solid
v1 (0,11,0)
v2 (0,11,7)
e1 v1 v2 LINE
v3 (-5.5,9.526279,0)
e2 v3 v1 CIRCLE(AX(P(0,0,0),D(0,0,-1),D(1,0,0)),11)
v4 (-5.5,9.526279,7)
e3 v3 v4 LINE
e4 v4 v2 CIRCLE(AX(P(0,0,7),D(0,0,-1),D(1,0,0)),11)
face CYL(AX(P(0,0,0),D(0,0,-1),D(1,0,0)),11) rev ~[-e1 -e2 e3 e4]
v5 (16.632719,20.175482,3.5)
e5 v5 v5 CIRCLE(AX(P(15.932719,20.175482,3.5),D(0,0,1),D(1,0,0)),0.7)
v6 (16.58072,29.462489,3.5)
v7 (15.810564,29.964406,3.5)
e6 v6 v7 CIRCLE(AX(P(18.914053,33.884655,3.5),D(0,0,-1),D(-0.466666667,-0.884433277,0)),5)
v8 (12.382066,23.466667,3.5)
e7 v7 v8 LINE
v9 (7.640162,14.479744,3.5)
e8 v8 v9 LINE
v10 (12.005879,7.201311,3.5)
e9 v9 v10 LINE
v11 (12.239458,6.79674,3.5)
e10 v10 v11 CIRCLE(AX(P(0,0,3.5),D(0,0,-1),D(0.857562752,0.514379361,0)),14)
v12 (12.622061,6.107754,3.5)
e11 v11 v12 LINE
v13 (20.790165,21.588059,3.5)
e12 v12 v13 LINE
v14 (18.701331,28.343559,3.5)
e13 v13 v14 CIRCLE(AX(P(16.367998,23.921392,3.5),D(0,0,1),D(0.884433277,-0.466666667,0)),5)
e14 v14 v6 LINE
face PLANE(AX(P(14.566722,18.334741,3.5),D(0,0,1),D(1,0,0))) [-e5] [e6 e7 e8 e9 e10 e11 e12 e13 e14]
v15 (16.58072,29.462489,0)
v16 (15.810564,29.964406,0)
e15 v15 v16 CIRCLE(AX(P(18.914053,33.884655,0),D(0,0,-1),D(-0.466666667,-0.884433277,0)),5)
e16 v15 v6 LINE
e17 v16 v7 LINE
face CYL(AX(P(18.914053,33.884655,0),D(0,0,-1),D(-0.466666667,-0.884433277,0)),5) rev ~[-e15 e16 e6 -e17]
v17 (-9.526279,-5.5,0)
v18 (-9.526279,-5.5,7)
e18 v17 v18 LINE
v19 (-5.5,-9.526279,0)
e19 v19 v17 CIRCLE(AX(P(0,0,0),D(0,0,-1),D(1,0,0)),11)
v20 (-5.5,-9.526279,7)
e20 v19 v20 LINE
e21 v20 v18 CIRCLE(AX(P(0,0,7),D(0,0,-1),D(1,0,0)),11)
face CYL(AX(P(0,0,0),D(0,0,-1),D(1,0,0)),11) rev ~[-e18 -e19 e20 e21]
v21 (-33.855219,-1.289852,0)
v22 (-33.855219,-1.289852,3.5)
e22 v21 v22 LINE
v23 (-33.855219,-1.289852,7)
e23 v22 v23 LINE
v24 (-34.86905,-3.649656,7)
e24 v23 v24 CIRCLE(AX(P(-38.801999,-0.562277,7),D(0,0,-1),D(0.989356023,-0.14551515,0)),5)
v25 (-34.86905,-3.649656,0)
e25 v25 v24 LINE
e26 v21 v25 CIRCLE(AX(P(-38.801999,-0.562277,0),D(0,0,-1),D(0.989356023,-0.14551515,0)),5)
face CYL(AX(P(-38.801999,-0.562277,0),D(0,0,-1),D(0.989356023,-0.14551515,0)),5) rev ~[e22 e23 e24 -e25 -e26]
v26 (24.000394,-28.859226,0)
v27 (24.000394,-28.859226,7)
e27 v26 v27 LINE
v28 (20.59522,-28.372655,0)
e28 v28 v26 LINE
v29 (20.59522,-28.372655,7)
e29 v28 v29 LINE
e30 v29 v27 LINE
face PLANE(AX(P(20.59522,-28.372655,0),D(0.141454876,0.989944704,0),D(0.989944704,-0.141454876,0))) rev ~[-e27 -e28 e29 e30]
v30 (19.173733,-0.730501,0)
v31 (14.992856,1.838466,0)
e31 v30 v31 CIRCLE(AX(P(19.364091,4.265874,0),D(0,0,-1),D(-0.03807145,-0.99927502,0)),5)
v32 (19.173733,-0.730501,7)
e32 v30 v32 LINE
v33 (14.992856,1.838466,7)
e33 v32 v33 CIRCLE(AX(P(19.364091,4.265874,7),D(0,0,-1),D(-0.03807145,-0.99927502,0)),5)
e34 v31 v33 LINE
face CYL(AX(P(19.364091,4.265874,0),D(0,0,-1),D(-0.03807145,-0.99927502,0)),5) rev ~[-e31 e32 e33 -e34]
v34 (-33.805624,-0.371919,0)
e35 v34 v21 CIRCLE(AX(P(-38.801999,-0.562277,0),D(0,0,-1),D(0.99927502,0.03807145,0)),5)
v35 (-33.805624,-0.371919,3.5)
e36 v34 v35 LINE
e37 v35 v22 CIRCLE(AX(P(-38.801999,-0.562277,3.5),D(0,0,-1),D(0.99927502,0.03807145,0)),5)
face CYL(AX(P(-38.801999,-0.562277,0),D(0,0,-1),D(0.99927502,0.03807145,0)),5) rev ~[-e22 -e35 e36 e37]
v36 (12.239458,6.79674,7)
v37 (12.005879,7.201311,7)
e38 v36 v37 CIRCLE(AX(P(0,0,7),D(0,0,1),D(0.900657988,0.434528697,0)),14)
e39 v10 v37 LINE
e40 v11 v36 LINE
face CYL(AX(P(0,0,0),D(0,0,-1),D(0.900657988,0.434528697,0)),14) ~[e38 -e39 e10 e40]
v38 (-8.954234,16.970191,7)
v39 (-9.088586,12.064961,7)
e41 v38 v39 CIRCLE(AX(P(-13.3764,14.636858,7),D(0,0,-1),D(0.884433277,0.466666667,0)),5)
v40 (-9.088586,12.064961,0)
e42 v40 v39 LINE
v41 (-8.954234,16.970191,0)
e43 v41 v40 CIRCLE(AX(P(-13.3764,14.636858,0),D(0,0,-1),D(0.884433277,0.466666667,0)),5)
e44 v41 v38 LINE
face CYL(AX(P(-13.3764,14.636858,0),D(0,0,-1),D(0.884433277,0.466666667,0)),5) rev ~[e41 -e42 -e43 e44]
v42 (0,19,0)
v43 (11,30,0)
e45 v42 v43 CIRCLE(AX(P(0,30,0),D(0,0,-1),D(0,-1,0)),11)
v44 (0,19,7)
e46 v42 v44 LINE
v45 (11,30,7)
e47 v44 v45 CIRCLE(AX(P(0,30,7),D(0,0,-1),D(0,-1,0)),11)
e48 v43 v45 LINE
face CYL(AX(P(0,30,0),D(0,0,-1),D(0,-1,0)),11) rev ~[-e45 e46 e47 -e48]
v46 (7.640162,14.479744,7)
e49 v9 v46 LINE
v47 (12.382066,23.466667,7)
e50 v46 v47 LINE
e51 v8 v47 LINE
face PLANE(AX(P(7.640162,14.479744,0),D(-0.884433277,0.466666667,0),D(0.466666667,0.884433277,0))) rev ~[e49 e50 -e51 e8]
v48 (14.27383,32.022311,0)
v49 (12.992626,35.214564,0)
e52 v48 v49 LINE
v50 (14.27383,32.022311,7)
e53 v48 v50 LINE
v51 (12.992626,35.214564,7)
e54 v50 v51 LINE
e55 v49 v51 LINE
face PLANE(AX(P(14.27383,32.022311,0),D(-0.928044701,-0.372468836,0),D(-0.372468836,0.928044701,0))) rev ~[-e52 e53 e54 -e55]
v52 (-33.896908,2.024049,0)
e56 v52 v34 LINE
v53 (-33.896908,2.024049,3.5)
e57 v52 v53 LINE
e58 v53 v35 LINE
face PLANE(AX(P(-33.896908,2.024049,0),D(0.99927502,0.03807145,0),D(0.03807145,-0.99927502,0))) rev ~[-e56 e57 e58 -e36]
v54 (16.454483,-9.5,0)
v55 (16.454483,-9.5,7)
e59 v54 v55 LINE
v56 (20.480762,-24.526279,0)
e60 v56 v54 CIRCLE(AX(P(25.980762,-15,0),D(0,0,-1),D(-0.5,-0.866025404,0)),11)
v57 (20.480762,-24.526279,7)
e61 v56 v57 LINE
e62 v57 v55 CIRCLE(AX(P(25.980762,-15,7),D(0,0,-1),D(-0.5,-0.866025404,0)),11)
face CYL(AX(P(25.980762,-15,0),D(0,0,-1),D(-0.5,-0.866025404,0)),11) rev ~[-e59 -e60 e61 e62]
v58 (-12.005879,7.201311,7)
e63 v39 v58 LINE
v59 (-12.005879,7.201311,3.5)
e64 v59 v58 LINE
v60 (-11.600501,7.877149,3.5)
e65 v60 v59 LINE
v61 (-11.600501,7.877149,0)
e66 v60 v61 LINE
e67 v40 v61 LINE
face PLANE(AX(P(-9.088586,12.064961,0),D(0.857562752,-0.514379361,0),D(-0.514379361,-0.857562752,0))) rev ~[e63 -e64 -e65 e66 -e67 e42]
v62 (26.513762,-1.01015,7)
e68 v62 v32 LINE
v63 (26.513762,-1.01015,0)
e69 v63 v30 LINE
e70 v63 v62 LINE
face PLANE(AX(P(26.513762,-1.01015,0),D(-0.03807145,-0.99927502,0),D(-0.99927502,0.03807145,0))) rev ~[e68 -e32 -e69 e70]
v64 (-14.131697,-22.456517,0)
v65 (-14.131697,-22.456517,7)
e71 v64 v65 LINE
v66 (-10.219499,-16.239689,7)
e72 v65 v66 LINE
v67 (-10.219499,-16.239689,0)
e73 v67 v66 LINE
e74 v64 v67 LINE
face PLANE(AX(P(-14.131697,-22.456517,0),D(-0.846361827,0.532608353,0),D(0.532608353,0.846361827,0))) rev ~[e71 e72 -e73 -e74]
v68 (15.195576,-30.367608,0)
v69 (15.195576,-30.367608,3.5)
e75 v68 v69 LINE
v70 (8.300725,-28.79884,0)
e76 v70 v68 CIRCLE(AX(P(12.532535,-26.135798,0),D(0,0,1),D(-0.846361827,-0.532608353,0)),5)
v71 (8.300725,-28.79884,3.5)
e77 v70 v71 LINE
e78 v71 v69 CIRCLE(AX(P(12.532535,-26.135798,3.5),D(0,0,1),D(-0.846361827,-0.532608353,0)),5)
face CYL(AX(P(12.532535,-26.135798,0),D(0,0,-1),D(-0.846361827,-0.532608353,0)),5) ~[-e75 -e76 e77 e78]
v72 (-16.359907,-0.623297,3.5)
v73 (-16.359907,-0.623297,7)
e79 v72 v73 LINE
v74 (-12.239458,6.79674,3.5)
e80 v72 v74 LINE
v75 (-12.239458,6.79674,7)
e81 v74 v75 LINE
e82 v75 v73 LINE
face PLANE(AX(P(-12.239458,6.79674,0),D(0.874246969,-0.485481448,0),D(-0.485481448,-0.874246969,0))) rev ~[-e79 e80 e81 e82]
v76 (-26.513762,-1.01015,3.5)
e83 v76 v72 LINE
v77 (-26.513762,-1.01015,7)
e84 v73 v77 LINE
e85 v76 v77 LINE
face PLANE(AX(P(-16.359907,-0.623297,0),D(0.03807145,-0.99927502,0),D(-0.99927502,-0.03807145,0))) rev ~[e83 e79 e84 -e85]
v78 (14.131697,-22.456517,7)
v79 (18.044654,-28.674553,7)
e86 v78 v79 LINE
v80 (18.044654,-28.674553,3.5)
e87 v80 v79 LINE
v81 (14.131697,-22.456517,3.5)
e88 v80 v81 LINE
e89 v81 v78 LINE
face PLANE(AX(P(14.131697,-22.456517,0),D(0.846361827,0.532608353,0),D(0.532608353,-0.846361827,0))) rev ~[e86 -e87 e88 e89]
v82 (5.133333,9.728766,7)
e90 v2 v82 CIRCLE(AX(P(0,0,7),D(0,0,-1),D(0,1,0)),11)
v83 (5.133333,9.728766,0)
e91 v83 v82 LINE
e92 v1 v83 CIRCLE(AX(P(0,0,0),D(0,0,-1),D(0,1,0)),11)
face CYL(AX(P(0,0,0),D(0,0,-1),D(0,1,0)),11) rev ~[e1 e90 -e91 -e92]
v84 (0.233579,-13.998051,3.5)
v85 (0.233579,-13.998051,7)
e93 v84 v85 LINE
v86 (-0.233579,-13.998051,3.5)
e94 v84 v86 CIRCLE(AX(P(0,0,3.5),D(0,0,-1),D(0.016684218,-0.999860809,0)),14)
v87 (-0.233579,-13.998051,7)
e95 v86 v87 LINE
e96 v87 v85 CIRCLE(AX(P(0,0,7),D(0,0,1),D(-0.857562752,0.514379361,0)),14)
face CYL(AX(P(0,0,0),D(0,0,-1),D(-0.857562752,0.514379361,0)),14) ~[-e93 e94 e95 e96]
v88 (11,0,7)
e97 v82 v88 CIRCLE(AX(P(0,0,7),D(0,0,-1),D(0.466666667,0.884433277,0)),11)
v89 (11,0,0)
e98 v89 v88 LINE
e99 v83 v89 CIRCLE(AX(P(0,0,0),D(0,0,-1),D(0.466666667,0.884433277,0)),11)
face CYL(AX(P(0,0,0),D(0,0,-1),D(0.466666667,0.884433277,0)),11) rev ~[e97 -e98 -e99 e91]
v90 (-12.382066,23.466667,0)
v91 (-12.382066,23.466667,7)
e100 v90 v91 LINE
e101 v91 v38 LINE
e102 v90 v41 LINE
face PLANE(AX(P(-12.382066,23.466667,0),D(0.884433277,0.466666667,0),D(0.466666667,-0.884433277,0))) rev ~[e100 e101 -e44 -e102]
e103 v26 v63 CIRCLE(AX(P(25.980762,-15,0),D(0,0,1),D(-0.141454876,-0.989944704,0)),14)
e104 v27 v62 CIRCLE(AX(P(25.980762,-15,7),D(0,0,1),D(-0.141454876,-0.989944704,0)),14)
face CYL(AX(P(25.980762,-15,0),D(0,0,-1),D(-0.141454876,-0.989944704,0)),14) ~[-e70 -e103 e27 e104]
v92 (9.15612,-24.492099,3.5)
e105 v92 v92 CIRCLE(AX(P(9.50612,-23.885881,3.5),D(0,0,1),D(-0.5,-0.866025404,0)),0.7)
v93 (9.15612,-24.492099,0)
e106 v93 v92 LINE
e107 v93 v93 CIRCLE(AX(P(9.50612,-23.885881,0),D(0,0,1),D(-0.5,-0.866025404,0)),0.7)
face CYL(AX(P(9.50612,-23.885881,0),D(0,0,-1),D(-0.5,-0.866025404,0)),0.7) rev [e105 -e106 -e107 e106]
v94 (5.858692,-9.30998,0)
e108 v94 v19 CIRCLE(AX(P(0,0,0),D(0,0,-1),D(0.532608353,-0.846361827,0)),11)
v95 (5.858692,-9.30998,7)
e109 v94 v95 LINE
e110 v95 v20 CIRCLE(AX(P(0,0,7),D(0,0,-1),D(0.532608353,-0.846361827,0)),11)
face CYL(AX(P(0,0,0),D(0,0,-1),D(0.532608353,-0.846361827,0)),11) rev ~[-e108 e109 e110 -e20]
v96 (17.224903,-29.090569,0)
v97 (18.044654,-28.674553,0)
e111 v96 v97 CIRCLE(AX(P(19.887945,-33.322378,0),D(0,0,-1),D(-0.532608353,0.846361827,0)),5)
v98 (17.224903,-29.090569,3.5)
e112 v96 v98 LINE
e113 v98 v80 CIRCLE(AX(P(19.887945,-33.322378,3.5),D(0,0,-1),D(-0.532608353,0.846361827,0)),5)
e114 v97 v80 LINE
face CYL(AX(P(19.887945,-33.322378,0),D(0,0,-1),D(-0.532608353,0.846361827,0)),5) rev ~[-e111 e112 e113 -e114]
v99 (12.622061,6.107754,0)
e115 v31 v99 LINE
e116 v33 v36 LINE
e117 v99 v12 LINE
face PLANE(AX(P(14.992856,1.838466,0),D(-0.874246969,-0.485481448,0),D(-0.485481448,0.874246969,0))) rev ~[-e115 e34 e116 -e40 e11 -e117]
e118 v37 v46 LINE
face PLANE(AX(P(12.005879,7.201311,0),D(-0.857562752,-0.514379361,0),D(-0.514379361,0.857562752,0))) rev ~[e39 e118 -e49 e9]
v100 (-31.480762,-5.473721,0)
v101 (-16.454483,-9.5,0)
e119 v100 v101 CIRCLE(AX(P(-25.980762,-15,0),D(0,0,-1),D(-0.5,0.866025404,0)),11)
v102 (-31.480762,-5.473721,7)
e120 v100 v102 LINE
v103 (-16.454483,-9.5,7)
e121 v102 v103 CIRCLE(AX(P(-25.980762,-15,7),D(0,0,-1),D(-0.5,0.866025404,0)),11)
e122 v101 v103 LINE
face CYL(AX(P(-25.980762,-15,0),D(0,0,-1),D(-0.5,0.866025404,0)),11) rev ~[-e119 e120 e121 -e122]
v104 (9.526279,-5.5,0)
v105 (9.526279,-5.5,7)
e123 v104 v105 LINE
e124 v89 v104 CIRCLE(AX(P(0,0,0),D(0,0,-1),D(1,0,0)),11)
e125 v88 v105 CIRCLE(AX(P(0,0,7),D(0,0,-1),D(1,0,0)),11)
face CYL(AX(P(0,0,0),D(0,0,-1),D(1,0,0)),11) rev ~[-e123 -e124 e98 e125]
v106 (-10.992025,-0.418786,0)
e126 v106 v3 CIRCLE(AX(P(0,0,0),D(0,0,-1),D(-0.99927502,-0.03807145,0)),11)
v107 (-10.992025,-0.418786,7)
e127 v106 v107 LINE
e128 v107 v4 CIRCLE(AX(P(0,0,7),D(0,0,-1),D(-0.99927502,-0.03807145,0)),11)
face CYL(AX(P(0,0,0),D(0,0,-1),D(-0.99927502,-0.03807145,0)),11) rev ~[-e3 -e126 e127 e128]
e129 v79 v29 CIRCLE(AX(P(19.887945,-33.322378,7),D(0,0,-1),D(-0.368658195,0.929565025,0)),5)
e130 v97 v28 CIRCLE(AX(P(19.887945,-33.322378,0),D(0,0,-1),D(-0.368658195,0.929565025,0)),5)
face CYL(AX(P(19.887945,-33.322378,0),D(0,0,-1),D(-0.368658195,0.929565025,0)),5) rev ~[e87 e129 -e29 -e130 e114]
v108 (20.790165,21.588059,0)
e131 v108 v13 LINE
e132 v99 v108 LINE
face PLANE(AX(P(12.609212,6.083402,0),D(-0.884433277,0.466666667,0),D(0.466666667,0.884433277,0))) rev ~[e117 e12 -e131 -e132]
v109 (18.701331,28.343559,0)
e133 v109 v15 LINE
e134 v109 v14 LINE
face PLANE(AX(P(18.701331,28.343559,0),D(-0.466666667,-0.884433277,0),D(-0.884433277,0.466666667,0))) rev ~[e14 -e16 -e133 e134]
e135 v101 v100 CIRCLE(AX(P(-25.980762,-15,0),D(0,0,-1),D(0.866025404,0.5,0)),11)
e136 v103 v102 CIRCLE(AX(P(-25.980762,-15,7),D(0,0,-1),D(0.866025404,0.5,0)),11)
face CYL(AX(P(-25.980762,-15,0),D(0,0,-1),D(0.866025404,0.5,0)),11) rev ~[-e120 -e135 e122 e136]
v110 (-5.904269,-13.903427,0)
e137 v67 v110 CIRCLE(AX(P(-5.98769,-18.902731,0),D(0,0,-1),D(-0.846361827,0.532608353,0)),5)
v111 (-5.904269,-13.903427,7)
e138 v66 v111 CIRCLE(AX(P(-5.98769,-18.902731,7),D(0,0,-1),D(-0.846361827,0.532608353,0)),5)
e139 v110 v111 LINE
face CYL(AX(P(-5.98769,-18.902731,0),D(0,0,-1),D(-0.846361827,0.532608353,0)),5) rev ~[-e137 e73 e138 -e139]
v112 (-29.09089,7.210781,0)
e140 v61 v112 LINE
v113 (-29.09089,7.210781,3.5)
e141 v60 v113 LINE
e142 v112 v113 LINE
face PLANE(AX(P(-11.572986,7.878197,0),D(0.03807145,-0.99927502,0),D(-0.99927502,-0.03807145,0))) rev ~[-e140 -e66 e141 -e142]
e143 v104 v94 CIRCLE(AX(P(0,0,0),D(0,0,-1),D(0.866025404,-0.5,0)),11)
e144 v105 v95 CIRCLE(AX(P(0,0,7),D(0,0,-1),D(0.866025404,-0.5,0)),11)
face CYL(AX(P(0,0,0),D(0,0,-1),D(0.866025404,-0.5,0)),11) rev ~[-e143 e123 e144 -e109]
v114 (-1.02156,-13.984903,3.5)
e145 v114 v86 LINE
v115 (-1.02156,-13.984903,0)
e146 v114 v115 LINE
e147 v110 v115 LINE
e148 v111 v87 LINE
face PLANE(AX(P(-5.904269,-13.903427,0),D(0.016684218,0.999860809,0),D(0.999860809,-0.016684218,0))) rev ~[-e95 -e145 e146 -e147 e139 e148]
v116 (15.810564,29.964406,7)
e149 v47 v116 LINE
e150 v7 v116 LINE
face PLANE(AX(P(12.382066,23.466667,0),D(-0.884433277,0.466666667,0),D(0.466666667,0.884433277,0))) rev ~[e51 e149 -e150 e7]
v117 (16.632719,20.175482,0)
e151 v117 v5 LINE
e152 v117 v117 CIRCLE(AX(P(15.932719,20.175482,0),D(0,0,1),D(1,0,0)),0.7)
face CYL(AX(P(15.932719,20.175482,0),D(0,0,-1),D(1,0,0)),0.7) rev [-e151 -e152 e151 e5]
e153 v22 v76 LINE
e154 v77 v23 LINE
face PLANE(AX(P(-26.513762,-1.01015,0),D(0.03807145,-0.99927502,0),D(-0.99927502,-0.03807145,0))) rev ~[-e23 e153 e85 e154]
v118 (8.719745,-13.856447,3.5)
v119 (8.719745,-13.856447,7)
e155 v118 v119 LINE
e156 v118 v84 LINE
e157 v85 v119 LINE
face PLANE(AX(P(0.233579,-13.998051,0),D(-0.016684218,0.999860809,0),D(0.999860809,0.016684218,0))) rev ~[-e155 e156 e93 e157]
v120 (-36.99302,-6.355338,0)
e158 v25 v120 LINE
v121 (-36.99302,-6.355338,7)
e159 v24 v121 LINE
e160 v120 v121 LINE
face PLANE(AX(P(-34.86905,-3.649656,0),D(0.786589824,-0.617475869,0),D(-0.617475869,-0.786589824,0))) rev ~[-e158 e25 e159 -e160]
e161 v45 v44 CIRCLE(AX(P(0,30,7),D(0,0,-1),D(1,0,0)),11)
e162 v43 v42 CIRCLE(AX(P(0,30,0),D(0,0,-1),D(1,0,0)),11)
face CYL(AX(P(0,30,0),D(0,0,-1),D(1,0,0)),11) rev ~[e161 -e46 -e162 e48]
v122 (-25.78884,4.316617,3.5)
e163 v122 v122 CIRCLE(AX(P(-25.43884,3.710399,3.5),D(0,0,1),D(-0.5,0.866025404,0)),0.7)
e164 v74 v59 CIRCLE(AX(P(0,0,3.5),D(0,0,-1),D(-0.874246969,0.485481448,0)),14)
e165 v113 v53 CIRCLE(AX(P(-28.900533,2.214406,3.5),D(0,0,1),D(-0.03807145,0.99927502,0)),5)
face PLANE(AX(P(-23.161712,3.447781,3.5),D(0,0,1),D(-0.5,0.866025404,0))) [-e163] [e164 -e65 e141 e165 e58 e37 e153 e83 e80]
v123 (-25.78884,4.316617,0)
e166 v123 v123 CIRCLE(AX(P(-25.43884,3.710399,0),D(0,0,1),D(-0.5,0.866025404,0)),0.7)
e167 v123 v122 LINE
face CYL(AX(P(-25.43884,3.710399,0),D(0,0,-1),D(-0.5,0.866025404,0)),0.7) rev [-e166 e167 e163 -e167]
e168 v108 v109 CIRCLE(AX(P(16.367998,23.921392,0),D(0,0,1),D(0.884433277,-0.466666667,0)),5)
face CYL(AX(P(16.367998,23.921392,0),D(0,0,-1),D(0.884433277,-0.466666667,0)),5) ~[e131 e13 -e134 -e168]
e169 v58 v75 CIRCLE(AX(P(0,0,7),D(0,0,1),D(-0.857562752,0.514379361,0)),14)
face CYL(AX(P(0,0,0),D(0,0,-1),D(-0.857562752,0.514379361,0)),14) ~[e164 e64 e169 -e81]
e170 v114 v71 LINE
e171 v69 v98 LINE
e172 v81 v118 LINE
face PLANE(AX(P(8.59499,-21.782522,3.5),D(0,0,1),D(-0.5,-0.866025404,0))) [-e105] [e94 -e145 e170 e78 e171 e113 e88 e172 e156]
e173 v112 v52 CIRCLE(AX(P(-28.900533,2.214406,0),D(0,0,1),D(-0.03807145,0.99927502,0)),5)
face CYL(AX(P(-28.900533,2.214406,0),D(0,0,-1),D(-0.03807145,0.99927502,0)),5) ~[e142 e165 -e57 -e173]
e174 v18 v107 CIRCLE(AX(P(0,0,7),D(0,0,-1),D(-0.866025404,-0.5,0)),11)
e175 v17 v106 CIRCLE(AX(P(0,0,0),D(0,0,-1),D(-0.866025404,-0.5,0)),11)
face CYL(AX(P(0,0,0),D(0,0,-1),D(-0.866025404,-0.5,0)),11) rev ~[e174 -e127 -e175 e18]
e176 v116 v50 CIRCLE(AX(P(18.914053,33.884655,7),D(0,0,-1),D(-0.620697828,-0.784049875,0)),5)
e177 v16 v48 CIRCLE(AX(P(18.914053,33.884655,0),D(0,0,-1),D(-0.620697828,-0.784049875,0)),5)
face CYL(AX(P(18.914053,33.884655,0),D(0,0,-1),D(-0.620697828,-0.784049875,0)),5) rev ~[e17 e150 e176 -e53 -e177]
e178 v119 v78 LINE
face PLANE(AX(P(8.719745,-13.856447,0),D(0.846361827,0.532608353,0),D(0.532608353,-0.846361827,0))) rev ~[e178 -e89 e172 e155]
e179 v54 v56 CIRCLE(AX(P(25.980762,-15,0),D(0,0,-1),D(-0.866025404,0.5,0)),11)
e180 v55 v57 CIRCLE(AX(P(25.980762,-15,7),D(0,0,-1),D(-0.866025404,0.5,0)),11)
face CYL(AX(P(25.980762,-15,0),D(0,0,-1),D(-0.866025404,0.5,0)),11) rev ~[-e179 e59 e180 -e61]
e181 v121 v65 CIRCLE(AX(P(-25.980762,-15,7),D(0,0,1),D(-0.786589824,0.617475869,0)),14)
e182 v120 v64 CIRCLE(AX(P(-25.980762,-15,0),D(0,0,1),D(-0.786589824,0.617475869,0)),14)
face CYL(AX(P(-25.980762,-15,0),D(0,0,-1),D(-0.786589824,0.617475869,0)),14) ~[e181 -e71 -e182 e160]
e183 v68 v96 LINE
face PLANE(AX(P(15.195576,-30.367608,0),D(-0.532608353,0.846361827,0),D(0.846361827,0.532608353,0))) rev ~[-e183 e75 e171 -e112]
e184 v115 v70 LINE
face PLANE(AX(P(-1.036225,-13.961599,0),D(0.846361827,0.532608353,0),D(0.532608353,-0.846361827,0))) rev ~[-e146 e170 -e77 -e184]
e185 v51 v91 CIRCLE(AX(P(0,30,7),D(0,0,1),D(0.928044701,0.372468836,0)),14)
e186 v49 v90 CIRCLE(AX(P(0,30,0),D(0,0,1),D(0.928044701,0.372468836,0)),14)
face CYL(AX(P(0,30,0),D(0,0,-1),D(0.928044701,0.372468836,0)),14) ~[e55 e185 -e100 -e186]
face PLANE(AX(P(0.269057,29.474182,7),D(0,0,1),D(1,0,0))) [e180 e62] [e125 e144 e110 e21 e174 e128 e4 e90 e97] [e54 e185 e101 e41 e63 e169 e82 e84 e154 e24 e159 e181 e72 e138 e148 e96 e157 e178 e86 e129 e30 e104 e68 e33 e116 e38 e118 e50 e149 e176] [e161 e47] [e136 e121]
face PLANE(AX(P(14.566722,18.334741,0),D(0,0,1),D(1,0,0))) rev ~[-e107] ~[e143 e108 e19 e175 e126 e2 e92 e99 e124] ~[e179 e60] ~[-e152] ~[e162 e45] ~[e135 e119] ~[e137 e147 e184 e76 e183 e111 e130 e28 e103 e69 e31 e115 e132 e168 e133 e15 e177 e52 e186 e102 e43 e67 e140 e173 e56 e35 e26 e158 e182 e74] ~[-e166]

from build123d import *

# Parameters (mm, degrees)
F1_DEPTH = 7
F0_R     = 0.7
F2_DEPTH = 3.5
F4_COUNT = 3


with BuildPart() as f1:
    # F0 (on Top) → F1 (new body)
    with BuildSketch(Plane.XY):
        with BuildLine():
            ThreePointArc((-12.382065884, 23.4666666667), (-7.2295689129, 18.0111162599), (0, 16))
            ThreePointArc((0, 16), (7.2295689129, 18.0111162599), (12.382065884, 23.4666666667))
            ThreePointArc((12.382065884, 23.4666666667), (13.5894981949, 26.6346562119), (14, 30))
            ThreePointArc((14, 30), (13.7458495795, 32.6554885307), (12.992625809, 35.2145637005))
            ThreePointArc((12.992625809, 35.2145637005), (-5.8818761492, 42.7044690155), (-12.382065884, 23.4666666667))
        make_face()
        with BuildLine():
            ThreePointArc((11, 30), (7.7781745931, 22.2218254069), (0, 19))
            ThreePointArc((0, 19), (-7.7781745931, 37.7781745931), (11, 30))
        make_face(mode=Mode.SUBTRACT)
        with BuildLine():
            ThreePointArc((5.1333333333, 9.7287660517), (9.4198372244, 5.6803755744), (11, 0))
            ThreePointArc((11, 0), (-7.7781745931, -7.7781745931), (0, 11))
            Line((0, 11), (0, 14))
            ThreePointArc((0, 14), (-6.8986101971, 12.1823305385), (-12.0058785253, 7.2013110498))
            ThreePointArc((-12.0058785253, 7.2013110498), (-3.7361544833, -13.4922625855), (14, 0))
            ThreePointArc((14, 0), (13.6478746634, 3.1201790289), (12.6092118325, 6.0834017591))
            ThreePointArc((12.6092118325, 6.0834017591), (12.3202312733, 6.649203063), (12.0058785253, 7.2013110498))
            ThreePointArc((12.0058785253, 7.2013110498), (9.6247415159, 10.166825992), (6.5333333333, 12.382065884))
            Line((6.5333333333, 12.382065884), (5.1333333333, 9.7287660517))
        make_face()
        with BuildLine():
            ThreePointArc((0, 11), (2.6441986906, 10.6774628674), (5.1333333333, 9.7287660517))
            Line((5.1333333333, 9.7287660517), (6.5333333333, 12.382065884))
            ThreePointArc((6.5333333333, 12.382065884), (3.3653437881, 13.5894981949), (0, 14))
            Line((0, 14), (0, 11))
        make_face()
        with BuildLine():
            ThreePointArc((0, 14), (3.3653437881, 13.5894981949), (6.5333333333, 12.382065884))
            Line((6.5333333333, 12.382065884), (7.6401623132, 14.4797438458))
            Line((7.6401623132, 14.4797438458), (12.382065884, 23.4666666667))
            ThreePointArc((12.382065884, 23.4666666667), (7.2295689129, 18.0111162599), (0, 16))
            Line((0, 16), (0, 14))
        make_face()
        with BuildLine():
            ThreePointArc((-12.0058785253, 7.2013110498), (-6.8986101971, 12.1823305385), (0, 14))
            Line((0, 14), (0, 16))
            ThreePointArc((0, 16), (-7.2295689129, 18.0111162599), (-12.382065884, 23.4666666667))
            Line((-12.382065884, 23.4666666667), (-8.9542338488, 16.9701908351))
            ThreePointArc((-8.9542338488, 16.9701908351), (-8.3782746662, 14.4999604986), (-9.0885864769, 12.0649606983))
            Line((-9.0885864769, 12.0649606983), (-12.0058785253, 7.2013110498))
        make_face()
        with BuildLine():
            ThreePointArc((14, 30), (13.5894981949, 26.6346562119), (12.382065884, 23.4666666667))
            Line((12.382065884, 23.4666666667), (15.8105643506, 29.9644055284))
            ThreePointArc((15.8105643506, 29.9644055284), (14.907806517, 30.8930023195), (14.2738299895, 32.0223107225))
            Line((14.2738299895, 32.0223107225), (12.992625809, 35.2145637005))
            ThreePointArc((12.992625809, 35.2145637005), (13.7458495795, 32.6554885307), (14, 30))
        make_face()
        with BuildLine():
            Line((7.6401623132, 14.4797438458), (6.5333333333, 12.382065884))
            ThreePointArc((6.5333333333, 12.382065884), (9.6247415159, 10.166825992), (12.0058785253, 7.2013110498))
            Line((12.0058785253, 7.2013110498), (7.6401623132, 14.4797438458))
        make_face()
    extrude(amount=F1_DEPTH)

    # F0 (on Top) → F2 (join)
    with BuildSketch(Plane.XY):
        with BuildLine():
            Line((7.6401623132, 14.4797438458), (12.0058785253, 7.2013110498))
            ThreePointArc((12.0058785253, 7.2013110498), (12.3202312733, 6.649203063), (12.6092118325, 6.0834017591))
            Line((12.6092118325, 6.0834017591), (20.7901645073, 21.588059159))
            ThreePointArc((20.7901645073, 21.588059159), (21.1448577828, 25.3984205095), (18.7013314535, 28.3435588795))
            Line((18.7013314535, 28.3435588795), (16.5807201594, 29.462488514))
            ThreePointArc((16.5807201594, 29.462488514), (16.1840828281, 29.6957099063), (15.8105643506, 29.9644055284))
            Line((15.8105643506, 29.9644055284), (12.382065884, 23.4666666667))
            Line((12.382065884, 23.4666666667), (7.6401623132, 14.4797438458))
        make_face()
        with Locations((15.9327194351, 20.1754820165)):
            Circle(F0_R, mode=Mode.SUBTRACT)
    extrude(amount=F2_DEPTH)

    # F4: F1 ×3 about axis
    f4_axis = Axis((0, 0, 10), (0, 0, 1))


with BuildPart() as f1_1:
    add(f1.part)
    for i in range(1, F4_COUNT):
        add(f1.part.rotate(f4_axis, i * 360 / F4_COUNT))


solid = f1_1.part
